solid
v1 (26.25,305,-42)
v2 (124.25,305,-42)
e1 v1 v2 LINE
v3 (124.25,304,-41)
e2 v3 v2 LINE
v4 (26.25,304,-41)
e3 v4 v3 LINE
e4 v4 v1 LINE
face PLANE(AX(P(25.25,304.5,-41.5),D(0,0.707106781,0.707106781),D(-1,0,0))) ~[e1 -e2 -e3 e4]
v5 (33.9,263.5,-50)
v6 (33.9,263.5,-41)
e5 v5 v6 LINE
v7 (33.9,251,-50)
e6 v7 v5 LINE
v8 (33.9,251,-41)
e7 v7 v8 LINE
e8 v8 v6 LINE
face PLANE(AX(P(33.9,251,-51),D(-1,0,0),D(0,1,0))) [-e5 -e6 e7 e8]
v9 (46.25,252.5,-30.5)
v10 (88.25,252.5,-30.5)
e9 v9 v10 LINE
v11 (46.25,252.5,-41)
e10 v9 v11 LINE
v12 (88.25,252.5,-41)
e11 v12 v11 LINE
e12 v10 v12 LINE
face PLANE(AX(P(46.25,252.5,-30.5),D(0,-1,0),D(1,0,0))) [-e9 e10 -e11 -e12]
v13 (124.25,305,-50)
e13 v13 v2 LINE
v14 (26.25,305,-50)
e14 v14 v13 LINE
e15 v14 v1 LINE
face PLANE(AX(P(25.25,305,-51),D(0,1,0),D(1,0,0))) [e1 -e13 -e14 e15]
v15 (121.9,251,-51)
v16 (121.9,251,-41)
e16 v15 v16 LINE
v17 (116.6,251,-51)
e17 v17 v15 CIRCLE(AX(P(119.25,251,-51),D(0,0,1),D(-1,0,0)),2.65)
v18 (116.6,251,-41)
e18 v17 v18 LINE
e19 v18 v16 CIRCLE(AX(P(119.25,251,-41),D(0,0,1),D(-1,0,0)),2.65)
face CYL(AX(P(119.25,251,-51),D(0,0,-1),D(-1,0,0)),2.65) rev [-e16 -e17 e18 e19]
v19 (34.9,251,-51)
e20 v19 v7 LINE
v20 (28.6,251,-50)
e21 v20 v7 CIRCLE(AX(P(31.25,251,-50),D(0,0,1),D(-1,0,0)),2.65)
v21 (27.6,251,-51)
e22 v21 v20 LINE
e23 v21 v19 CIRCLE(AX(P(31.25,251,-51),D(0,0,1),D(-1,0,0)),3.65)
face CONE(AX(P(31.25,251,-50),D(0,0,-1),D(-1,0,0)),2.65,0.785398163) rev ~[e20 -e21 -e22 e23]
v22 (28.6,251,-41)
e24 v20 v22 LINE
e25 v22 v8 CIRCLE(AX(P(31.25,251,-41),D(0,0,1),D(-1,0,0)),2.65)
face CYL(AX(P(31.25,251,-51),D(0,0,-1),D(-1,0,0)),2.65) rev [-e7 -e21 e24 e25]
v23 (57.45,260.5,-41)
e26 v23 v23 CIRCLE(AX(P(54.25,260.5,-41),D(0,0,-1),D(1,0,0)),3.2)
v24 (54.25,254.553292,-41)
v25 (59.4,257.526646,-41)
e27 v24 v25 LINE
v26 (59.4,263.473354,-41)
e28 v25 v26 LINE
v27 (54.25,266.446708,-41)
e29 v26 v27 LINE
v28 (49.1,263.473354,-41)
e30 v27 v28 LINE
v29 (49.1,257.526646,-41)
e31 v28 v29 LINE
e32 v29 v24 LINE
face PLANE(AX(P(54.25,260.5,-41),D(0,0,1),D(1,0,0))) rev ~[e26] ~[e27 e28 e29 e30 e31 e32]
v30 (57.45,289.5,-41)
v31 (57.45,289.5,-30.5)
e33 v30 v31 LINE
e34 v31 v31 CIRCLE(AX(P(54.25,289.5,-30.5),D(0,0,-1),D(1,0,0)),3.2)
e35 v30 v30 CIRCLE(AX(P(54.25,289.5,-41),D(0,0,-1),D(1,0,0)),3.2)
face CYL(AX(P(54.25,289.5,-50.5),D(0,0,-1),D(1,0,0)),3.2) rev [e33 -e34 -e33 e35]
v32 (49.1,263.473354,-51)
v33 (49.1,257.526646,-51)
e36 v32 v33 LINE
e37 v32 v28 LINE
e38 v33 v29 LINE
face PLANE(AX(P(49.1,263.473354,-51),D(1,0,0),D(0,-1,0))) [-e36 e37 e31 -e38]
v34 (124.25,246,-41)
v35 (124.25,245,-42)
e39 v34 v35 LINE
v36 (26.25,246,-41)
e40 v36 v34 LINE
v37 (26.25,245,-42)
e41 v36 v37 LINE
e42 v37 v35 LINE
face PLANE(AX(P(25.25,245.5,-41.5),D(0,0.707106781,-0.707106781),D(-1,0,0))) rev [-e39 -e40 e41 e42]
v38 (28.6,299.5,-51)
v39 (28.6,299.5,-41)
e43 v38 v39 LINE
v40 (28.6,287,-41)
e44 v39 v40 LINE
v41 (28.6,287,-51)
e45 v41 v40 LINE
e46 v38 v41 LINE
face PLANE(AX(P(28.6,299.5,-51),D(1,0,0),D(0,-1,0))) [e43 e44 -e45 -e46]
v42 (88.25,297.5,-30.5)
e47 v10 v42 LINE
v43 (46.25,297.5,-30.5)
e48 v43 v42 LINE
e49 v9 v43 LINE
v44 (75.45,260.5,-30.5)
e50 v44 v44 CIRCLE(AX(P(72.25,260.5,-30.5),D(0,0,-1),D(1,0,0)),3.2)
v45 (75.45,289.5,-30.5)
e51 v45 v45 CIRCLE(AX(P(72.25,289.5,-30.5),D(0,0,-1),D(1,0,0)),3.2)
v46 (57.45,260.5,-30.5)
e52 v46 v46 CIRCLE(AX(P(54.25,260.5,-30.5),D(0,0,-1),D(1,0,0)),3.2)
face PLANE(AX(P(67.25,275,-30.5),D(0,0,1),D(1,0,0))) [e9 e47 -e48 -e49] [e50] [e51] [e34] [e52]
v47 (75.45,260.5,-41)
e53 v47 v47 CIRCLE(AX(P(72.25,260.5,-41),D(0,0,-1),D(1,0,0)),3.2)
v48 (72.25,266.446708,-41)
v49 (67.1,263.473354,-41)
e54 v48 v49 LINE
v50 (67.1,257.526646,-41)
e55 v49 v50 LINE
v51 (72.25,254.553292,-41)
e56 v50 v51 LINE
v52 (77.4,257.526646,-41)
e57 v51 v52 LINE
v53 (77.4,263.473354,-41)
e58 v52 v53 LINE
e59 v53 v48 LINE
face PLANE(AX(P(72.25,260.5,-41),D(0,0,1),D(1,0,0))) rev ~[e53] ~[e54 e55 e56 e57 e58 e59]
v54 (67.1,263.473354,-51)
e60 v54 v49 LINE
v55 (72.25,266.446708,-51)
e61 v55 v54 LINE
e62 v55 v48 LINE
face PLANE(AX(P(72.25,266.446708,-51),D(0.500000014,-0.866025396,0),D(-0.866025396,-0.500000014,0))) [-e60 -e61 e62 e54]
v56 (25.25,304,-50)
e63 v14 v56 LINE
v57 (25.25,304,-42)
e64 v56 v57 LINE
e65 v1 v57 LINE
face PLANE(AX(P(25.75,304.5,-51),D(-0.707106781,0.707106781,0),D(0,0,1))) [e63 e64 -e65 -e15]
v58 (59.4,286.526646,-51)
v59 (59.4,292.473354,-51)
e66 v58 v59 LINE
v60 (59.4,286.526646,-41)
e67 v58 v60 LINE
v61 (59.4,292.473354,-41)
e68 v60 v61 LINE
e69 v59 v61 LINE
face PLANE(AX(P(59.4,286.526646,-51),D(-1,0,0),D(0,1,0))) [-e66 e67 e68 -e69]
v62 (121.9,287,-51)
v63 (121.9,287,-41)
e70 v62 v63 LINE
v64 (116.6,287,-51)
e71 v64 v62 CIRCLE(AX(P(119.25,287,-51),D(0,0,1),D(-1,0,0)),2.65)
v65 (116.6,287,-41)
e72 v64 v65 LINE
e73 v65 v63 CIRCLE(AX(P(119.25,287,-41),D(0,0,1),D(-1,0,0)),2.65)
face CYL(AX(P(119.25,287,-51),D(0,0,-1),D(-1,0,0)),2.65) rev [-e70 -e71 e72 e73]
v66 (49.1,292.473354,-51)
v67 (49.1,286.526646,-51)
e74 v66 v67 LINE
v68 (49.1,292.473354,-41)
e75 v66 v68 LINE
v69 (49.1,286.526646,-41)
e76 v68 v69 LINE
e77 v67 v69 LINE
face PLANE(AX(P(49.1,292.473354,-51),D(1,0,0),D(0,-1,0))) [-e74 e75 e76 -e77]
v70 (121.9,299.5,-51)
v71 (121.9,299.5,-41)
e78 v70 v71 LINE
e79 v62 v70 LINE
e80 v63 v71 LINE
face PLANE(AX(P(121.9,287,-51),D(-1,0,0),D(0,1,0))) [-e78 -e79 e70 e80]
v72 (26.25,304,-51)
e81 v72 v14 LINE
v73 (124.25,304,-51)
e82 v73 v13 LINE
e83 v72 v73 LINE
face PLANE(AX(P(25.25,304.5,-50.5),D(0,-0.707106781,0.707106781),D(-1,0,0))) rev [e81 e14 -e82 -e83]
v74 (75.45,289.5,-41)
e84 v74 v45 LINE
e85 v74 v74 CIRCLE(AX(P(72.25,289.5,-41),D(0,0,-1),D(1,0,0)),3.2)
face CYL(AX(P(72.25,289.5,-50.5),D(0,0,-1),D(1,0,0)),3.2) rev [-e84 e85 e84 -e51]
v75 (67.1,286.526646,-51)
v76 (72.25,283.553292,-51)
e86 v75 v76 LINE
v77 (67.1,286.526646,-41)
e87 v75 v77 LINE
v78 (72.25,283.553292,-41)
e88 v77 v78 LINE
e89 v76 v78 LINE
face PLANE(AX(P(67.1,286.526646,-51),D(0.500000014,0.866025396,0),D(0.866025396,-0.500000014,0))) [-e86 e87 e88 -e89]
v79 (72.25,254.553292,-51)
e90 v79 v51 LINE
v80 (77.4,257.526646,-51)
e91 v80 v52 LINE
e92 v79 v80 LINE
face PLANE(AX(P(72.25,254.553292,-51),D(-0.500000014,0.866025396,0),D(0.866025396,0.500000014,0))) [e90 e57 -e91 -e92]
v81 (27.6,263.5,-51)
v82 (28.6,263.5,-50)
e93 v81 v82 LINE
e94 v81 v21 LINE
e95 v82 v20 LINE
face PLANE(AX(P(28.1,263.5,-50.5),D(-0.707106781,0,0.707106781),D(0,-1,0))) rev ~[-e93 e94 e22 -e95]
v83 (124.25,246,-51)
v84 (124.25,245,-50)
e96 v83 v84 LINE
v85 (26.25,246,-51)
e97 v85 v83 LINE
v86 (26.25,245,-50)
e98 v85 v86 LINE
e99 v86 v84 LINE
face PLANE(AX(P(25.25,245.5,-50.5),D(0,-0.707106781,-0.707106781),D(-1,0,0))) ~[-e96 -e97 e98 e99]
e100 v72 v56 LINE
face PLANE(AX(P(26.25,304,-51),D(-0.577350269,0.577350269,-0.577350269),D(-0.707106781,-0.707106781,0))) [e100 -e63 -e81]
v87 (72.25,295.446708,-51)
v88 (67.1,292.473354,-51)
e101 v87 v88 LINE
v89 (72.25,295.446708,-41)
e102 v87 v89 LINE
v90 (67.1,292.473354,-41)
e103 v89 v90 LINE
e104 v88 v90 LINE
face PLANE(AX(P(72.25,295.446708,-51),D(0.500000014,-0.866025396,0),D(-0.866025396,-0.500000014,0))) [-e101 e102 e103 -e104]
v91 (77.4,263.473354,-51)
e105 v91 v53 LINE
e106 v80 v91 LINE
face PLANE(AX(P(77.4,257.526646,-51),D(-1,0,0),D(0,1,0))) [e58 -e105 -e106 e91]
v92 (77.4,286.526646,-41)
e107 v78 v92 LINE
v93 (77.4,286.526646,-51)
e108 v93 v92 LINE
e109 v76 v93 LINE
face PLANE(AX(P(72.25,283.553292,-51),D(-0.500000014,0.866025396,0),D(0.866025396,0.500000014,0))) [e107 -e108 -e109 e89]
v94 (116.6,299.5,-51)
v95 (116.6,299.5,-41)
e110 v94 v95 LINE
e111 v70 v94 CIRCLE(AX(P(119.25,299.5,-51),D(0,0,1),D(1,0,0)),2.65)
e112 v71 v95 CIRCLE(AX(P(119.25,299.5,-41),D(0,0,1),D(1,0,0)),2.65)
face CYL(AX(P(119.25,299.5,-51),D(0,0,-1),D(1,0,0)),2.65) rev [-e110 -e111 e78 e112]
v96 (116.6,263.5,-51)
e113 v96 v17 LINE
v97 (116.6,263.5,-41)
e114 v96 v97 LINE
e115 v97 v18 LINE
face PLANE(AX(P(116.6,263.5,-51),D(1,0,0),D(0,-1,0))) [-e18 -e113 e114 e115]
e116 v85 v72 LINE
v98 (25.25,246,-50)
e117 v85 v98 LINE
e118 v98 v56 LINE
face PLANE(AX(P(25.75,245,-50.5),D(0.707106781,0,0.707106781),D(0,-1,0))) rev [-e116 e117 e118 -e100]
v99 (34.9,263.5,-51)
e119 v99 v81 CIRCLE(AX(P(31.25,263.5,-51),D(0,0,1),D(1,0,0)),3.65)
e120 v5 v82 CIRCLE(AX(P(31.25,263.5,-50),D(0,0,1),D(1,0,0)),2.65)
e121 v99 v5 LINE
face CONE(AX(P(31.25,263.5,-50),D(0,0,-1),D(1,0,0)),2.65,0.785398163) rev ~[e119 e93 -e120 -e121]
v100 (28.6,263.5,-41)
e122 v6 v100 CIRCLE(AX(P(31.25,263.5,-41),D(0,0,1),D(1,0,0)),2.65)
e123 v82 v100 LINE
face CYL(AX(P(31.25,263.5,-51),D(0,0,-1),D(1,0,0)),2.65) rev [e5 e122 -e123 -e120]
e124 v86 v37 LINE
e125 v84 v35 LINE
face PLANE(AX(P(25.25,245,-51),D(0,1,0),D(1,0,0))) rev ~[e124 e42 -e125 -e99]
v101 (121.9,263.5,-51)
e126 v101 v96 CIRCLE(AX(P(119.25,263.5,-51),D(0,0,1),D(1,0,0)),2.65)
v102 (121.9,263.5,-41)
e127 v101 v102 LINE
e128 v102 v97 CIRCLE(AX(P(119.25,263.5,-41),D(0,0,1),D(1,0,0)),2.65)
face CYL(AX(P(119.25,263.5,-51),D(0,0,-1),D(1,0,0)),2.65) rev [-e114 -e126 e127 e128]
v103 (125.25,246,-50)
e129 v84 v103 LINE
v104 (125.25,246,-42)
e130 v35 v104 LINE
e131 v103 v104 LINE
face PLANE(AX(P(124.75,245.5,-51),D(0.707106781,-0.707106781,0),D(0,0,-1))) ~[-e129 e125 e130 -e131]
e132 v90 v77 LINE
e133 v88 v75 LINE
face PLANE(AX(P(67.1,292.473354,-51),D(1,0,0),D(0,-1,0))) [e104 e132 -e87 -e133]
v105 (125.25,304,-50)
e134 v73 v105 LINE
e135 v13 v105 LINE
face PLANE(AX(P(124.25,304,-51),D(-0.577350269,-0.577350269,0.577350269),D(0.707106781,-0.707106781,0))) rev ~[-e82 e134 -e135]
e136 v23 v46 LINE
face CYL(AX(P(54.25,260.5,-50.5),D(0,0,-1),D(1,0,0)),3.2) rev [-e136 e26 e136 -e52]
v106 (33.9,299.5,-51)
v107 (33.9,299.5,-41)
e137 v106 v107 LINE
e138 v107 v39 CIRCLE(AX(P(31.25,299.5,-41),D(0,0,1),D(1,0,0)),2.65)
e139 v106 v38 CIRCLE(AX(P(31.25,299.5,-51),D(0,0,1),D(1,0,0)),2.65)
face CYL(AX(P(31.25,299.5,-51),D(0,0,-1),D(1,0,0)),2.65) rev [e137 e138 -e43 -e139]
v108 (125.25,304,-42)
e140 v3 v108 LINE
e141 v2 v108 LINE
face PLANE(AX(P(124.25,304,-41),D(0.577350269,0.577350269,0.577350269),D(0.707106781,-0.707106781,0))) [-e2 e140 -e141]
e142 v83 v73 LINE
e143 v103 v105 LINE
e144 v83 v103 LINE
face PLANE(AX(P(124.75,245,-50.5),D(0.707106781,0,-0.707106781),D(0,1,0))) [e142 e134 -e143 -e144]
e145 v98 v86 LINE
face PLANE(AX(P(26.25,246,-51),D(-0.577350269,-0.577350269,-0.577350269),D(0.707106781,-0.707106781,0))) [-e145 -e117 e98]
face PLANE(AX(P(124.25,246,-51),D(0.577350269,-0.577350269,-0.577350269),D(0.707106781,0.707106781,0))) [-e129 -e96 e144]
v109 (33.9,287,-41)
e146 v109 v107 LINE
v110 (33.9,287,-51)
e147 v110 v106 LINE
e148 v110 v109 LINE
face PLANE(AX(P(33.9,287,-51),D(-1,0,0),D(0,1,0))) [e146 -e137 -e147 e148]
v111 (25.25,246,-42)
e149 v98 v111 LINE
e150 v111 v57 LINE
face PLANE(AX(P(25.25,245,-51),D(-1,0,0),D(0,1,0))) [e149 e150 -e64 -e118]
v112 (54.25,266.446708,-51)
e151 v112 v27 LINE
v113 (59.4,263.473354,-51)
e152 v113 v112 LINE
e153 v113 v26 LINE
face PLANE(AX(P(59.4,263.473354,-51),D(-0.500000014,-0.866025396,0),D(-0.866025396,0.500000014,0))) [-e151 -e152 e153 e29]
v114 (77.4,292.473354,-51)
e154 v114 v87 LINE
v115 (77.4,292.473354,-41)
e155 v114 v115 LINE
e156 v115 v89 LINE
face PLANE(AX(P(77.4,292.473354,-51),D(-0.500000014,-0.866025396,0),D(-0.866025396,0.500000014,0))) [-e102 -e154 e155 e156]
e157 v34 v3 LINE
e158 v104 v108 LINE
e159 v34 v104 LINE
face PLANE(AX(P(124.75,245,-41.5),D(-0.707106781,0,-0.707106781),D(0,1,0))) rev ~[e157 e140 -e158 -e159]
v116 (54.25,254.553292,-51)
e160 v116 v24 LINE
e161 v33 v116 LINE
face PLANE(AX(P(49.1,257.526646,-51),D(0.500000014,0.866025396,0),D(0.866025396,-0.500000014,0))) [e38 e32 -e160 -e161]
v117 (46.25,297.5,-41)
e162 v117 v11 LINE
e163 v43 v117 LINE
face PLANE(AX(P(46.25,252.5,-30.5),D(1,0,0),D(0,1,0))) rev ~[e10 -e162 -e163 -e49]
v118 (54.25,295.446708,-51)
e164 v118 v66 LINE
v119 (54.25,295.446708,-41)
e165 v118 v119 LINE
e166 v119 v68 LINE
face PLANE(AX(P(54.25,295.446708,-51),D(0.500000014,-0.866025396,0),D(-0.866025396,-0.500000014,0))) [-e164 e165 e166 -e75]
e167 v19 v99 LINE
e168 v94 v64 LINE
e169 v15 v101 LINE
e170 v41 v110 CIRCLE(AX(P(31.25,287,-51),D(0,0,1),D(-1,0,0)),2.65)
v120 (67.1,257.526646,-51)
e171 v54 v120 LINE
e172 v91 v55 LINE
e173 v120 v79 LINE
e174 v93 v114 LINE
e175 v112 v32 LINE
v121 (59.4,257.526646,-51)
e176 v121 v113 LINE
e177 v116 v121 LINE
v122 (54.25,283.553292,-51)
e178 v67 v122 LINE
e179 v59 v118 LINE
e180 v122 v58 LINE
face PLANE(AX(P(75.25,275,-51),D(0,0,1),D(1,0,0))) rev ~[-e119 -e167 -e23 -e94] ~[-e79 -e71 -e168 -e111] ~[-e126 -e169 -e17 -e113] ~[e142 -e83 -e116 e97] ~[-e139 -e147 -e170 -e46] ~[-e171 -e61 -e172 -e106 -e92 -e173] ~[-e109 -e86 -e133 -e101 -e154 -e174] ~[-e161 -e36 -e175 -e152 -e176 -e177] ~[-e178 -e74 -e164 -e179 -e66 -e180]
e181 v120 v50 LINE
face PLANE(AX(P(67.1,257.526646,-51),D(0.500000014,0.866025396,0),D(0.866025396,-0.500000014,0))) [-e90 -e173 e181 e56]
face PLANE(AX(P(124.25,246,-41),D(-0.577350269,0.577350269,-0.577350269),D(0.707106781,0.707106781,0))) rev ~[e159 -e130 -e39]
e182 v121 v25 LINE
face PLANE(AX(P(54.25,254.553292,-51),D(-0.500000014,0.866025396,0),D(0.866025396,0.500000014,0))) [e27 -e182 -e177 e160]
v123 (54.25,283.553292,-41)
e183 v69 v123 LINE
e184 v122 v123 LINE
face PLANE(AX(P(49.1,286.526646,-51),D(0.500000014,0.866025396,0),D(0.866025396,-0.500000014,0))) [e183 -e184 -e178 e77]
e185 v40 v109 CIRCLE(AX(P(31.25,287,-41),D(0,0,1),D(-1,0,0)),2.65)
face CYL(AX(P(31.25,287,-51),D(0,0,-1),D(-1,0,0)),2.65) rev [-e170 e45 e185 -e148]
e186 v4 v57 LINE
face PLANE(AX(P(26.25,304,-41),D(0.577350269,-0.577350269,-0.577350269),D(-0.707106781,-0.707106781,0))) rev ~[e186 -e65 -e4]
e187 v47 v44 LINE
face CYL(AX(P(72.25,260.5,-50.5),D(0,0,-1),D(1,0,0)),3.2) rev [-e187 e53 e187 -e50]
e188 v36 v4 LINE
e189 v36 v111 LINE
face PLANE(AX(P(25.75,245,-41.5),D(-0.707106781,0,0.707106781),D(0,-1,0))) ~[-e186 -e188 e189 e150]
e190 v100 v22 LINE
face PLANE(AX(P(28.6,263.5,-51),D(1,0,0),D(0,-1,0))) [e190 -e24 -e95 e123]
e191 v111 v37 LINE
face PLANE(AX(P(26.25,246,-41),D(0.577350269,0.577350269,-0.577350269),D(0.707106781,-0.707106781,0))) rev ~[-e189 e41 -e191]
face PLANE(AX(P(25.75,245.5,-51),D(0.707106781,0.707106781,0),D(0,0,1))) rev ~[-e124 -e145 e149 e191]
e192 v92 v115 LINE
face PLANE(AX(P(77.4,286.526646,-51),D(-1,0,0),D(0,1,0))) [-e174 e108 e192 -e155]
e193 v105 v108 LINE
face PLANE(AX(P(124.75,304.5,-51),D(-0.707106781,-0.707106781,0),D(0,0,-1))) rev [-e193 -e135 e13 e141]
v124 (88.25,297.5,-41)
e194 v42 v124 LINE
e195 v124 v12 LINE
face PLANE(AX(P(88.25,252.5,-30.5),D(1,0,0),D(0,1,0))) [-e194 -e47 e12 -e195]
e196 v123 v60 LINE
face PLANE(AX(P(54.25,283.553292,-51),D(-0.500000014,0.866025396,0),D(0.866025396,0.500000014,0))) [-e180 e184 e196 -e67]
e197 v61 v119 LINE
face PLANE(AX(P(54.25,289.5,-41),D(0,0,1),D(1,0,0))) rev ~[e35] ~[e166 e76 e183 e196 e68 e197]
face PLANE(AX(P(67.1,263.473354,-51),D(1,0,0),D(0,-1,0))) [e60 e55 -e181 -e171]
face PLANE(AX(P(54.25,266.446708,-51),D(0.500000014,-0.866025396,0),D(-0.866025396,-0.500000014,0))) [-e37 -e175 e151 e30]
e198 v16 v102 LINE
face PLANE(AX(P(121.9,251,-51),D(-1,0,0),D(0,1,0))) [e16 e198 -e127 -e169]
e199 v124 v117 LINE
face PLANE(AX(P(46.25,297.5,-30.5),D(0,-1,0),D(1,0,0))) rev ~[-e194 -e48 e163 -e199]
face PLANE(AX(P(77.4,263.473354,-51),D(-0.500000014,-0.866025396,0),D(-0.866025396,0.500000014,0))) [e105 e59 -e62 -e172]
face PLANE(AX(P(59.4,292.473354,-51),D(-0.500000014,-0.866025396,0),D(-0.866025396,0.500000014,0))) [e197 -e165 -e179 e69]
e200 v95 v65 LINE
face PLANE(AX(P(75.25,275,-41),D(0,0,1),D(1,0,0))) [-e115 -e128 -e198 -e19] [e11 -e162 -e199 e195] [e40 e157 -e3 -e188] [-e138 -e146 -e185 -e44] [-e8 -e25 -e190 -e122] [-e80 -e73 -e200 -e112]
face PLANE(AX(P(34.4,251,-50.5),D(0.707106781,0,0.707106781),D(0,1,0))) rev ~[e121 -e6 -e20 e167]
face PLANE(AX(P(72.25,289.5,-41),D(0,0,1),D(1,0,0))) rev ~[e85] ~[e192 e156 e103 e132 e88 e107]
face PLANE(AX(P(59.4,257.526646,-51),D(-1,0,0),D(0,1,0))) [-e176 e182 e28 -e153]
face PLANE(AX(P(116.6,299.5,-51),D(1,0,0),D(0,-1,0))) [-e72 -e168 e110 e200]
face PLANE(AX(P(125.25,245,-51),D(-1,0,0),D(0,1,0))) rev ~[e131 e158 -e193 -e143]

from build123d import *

# Parameters (mm, degrees)
SKETCH072_W     = 42
SKETCH072_H     = 45
PAD036_DEPTH    = 20.5
SKETCH073_W     = 100
SKETCH073_H     = 60
PAD037_DEPTH    = 10
POCKET024_DEPTH = 10
SKETCH074_R     = 3.2
HOLE007_DEPTH   = 25
CHAMFER019_SIZE = 1
CHAMFER020_SIZE = 1


with BuildPart() as part:
    # Sketch072 → Pad036 (new body)
    with BuildSketch(Plane.XY.offset(-24)):
        with Locations((72, 274.5)):
            Rectangle(SKETCH072_W, SKETCH072_H)
    extrude(amount=-PAD036_DEPTH)

    # Sketch073 → Pad037 (join)
    with BuildSketch(Plane.XY.offset(-44.5)):
        with Locations((80, 274.5)):
            Rectangle(SKETCH073_W, SKETCH073_H)
        with BuildLine():
            ThreePointArc((121.35, 286.5), (124, 283.85), (126.65, 286.5))
            Line((126.65, 286.5), (126.65, 299))
            ThreePointArc((126.65, 299), (124, 301.65), (121.35, 299))
            Line((121.35, 299), (121.35, 286.5))
        make_face(mode=Mode.SUBTRACT)
        with BuildLine():
            ThreePointArc((121.35, 250.5), (124, 247.85), (126.65, 250.5))
            Line((126.65, 250.5), (126.65, 263))
            ThreePointArc((126.65, 263), (124, 265.65), (121.35, 263))
            Line((121.35, 263), (121.35, 250.5))
        make_face(mode=Mode.SUBTRACT)
        with BuildLine():
            ThreePointArc((33.35, 250.5), (36, 247.85), (38.65, 250.5))
            Line((38.65, 250.5), (38.65, 263))
            ThreePointArc((38.65, 263), (36, 265.65), (33.35, 263))
            Line((33.35, 263), (33.35, 250.5))
        make_face(mode=Mode.SUBTRACT)
        with BuildLine():
            ThreePointArc((33.35, 286.5), (36, 283.85), (38.65, 286.5))
            Line((38.65, 286.5), (38.65, 299))
            ThreePointArc((38.65, 299), (36, 301.65), (33.35, 299))
            Line((33.35, 299), (33.35, 286.5))
        make_face(mode=Mode.SUBTRACT)
    extrude(amount=PAD037_DEPTH)

    # Sketch075 → Pocket024 (cut)
    with BuildSketch(Plane.XY.offset(-44.5)):
        Polygon((64.15, 257.026646), (64.15, 262.973354), (59, 265.946708), (53.85, 262.973354), (53.85, 257.026646), (59, 254.053292), align=None)
        Polygon((82.15, 257.026646), (82.15, 262.973354), (77, 265.946708), (71.85, 262.973354), (71.85, 257.026646), (77, 254.053292), align=None)
        Polygon((82.15, 286.026646), (82.15, 291.973354), (77, 294.946708), (71.85, 291.973354), (71.85, 286.026646), (77, 283.053292), align=None)
        Polygon((64.15, 286.026646), (64.15, 291.973354), (59, 294.946708), (53.85, 291.973354), (53.85, 286.026646), (59, 283.053292), align=None)
    extrude(amount=POCKET024_DEPTH, mode=Mode.SUBTRACT)

    # Sketch074 → Hole007 (cut)
    with BuildSketch(Plane.XY.offset(-44)):
        with Locations((59, 289)):
            Circle(SKETCH074_R)
        with Locations((77, 289)):
            Circle(SKETCH074_R)
        with Locations((77, 260)):
            Circle(SKETCH074_R)
        with Locations((59, 260)):
            Circle(SKETCH074_R)
    extrude(amount=HOLE007_DEPTH, mode=Mode.SUBTRACT)

    # Chamfer019
    chamfer019_edges = [part.edges().sort_by_distance(p)[0] for p in [
        (30, 304.5, -39.5),
        (130, 304.5, -39.5),
        (80, 304.5, -44.5),
        (80, 304.5, -34.5),
        (30, 244.5, -39.5),
        (30, 274.5, -44.5),
        (30, 274.5, -34.5),
        (130, 244.5, -39.5),
        (80, 244.5, -44.5),
        (80, 244.5, -34.5),
        (130, 274.5, -44.5),
        (130, 274.5, -34.5),
    ]]
    chamfer(chamfer019_edges, length=CHAMFER019_SIZE)

    # Chamfer020
    chamfer020_edges = [part.edges().sort_by_distance(p)[0] for p in [
        (38.65, 250.5, -39.5),
        (36, 247.85, -44.5),
        (33.35, 256.75, -44.5),
        (38.65, 256.75, -44.5),
    ]]
    chamfer(chamfer020_edges, length=CHAMFER020_SIZE)


with BuildPart() as part_1:
    # Body001009 placement: moved
    add(part.part.moved(Location((-4.75, 0.5, -6.5))))


solid = part_1.part
